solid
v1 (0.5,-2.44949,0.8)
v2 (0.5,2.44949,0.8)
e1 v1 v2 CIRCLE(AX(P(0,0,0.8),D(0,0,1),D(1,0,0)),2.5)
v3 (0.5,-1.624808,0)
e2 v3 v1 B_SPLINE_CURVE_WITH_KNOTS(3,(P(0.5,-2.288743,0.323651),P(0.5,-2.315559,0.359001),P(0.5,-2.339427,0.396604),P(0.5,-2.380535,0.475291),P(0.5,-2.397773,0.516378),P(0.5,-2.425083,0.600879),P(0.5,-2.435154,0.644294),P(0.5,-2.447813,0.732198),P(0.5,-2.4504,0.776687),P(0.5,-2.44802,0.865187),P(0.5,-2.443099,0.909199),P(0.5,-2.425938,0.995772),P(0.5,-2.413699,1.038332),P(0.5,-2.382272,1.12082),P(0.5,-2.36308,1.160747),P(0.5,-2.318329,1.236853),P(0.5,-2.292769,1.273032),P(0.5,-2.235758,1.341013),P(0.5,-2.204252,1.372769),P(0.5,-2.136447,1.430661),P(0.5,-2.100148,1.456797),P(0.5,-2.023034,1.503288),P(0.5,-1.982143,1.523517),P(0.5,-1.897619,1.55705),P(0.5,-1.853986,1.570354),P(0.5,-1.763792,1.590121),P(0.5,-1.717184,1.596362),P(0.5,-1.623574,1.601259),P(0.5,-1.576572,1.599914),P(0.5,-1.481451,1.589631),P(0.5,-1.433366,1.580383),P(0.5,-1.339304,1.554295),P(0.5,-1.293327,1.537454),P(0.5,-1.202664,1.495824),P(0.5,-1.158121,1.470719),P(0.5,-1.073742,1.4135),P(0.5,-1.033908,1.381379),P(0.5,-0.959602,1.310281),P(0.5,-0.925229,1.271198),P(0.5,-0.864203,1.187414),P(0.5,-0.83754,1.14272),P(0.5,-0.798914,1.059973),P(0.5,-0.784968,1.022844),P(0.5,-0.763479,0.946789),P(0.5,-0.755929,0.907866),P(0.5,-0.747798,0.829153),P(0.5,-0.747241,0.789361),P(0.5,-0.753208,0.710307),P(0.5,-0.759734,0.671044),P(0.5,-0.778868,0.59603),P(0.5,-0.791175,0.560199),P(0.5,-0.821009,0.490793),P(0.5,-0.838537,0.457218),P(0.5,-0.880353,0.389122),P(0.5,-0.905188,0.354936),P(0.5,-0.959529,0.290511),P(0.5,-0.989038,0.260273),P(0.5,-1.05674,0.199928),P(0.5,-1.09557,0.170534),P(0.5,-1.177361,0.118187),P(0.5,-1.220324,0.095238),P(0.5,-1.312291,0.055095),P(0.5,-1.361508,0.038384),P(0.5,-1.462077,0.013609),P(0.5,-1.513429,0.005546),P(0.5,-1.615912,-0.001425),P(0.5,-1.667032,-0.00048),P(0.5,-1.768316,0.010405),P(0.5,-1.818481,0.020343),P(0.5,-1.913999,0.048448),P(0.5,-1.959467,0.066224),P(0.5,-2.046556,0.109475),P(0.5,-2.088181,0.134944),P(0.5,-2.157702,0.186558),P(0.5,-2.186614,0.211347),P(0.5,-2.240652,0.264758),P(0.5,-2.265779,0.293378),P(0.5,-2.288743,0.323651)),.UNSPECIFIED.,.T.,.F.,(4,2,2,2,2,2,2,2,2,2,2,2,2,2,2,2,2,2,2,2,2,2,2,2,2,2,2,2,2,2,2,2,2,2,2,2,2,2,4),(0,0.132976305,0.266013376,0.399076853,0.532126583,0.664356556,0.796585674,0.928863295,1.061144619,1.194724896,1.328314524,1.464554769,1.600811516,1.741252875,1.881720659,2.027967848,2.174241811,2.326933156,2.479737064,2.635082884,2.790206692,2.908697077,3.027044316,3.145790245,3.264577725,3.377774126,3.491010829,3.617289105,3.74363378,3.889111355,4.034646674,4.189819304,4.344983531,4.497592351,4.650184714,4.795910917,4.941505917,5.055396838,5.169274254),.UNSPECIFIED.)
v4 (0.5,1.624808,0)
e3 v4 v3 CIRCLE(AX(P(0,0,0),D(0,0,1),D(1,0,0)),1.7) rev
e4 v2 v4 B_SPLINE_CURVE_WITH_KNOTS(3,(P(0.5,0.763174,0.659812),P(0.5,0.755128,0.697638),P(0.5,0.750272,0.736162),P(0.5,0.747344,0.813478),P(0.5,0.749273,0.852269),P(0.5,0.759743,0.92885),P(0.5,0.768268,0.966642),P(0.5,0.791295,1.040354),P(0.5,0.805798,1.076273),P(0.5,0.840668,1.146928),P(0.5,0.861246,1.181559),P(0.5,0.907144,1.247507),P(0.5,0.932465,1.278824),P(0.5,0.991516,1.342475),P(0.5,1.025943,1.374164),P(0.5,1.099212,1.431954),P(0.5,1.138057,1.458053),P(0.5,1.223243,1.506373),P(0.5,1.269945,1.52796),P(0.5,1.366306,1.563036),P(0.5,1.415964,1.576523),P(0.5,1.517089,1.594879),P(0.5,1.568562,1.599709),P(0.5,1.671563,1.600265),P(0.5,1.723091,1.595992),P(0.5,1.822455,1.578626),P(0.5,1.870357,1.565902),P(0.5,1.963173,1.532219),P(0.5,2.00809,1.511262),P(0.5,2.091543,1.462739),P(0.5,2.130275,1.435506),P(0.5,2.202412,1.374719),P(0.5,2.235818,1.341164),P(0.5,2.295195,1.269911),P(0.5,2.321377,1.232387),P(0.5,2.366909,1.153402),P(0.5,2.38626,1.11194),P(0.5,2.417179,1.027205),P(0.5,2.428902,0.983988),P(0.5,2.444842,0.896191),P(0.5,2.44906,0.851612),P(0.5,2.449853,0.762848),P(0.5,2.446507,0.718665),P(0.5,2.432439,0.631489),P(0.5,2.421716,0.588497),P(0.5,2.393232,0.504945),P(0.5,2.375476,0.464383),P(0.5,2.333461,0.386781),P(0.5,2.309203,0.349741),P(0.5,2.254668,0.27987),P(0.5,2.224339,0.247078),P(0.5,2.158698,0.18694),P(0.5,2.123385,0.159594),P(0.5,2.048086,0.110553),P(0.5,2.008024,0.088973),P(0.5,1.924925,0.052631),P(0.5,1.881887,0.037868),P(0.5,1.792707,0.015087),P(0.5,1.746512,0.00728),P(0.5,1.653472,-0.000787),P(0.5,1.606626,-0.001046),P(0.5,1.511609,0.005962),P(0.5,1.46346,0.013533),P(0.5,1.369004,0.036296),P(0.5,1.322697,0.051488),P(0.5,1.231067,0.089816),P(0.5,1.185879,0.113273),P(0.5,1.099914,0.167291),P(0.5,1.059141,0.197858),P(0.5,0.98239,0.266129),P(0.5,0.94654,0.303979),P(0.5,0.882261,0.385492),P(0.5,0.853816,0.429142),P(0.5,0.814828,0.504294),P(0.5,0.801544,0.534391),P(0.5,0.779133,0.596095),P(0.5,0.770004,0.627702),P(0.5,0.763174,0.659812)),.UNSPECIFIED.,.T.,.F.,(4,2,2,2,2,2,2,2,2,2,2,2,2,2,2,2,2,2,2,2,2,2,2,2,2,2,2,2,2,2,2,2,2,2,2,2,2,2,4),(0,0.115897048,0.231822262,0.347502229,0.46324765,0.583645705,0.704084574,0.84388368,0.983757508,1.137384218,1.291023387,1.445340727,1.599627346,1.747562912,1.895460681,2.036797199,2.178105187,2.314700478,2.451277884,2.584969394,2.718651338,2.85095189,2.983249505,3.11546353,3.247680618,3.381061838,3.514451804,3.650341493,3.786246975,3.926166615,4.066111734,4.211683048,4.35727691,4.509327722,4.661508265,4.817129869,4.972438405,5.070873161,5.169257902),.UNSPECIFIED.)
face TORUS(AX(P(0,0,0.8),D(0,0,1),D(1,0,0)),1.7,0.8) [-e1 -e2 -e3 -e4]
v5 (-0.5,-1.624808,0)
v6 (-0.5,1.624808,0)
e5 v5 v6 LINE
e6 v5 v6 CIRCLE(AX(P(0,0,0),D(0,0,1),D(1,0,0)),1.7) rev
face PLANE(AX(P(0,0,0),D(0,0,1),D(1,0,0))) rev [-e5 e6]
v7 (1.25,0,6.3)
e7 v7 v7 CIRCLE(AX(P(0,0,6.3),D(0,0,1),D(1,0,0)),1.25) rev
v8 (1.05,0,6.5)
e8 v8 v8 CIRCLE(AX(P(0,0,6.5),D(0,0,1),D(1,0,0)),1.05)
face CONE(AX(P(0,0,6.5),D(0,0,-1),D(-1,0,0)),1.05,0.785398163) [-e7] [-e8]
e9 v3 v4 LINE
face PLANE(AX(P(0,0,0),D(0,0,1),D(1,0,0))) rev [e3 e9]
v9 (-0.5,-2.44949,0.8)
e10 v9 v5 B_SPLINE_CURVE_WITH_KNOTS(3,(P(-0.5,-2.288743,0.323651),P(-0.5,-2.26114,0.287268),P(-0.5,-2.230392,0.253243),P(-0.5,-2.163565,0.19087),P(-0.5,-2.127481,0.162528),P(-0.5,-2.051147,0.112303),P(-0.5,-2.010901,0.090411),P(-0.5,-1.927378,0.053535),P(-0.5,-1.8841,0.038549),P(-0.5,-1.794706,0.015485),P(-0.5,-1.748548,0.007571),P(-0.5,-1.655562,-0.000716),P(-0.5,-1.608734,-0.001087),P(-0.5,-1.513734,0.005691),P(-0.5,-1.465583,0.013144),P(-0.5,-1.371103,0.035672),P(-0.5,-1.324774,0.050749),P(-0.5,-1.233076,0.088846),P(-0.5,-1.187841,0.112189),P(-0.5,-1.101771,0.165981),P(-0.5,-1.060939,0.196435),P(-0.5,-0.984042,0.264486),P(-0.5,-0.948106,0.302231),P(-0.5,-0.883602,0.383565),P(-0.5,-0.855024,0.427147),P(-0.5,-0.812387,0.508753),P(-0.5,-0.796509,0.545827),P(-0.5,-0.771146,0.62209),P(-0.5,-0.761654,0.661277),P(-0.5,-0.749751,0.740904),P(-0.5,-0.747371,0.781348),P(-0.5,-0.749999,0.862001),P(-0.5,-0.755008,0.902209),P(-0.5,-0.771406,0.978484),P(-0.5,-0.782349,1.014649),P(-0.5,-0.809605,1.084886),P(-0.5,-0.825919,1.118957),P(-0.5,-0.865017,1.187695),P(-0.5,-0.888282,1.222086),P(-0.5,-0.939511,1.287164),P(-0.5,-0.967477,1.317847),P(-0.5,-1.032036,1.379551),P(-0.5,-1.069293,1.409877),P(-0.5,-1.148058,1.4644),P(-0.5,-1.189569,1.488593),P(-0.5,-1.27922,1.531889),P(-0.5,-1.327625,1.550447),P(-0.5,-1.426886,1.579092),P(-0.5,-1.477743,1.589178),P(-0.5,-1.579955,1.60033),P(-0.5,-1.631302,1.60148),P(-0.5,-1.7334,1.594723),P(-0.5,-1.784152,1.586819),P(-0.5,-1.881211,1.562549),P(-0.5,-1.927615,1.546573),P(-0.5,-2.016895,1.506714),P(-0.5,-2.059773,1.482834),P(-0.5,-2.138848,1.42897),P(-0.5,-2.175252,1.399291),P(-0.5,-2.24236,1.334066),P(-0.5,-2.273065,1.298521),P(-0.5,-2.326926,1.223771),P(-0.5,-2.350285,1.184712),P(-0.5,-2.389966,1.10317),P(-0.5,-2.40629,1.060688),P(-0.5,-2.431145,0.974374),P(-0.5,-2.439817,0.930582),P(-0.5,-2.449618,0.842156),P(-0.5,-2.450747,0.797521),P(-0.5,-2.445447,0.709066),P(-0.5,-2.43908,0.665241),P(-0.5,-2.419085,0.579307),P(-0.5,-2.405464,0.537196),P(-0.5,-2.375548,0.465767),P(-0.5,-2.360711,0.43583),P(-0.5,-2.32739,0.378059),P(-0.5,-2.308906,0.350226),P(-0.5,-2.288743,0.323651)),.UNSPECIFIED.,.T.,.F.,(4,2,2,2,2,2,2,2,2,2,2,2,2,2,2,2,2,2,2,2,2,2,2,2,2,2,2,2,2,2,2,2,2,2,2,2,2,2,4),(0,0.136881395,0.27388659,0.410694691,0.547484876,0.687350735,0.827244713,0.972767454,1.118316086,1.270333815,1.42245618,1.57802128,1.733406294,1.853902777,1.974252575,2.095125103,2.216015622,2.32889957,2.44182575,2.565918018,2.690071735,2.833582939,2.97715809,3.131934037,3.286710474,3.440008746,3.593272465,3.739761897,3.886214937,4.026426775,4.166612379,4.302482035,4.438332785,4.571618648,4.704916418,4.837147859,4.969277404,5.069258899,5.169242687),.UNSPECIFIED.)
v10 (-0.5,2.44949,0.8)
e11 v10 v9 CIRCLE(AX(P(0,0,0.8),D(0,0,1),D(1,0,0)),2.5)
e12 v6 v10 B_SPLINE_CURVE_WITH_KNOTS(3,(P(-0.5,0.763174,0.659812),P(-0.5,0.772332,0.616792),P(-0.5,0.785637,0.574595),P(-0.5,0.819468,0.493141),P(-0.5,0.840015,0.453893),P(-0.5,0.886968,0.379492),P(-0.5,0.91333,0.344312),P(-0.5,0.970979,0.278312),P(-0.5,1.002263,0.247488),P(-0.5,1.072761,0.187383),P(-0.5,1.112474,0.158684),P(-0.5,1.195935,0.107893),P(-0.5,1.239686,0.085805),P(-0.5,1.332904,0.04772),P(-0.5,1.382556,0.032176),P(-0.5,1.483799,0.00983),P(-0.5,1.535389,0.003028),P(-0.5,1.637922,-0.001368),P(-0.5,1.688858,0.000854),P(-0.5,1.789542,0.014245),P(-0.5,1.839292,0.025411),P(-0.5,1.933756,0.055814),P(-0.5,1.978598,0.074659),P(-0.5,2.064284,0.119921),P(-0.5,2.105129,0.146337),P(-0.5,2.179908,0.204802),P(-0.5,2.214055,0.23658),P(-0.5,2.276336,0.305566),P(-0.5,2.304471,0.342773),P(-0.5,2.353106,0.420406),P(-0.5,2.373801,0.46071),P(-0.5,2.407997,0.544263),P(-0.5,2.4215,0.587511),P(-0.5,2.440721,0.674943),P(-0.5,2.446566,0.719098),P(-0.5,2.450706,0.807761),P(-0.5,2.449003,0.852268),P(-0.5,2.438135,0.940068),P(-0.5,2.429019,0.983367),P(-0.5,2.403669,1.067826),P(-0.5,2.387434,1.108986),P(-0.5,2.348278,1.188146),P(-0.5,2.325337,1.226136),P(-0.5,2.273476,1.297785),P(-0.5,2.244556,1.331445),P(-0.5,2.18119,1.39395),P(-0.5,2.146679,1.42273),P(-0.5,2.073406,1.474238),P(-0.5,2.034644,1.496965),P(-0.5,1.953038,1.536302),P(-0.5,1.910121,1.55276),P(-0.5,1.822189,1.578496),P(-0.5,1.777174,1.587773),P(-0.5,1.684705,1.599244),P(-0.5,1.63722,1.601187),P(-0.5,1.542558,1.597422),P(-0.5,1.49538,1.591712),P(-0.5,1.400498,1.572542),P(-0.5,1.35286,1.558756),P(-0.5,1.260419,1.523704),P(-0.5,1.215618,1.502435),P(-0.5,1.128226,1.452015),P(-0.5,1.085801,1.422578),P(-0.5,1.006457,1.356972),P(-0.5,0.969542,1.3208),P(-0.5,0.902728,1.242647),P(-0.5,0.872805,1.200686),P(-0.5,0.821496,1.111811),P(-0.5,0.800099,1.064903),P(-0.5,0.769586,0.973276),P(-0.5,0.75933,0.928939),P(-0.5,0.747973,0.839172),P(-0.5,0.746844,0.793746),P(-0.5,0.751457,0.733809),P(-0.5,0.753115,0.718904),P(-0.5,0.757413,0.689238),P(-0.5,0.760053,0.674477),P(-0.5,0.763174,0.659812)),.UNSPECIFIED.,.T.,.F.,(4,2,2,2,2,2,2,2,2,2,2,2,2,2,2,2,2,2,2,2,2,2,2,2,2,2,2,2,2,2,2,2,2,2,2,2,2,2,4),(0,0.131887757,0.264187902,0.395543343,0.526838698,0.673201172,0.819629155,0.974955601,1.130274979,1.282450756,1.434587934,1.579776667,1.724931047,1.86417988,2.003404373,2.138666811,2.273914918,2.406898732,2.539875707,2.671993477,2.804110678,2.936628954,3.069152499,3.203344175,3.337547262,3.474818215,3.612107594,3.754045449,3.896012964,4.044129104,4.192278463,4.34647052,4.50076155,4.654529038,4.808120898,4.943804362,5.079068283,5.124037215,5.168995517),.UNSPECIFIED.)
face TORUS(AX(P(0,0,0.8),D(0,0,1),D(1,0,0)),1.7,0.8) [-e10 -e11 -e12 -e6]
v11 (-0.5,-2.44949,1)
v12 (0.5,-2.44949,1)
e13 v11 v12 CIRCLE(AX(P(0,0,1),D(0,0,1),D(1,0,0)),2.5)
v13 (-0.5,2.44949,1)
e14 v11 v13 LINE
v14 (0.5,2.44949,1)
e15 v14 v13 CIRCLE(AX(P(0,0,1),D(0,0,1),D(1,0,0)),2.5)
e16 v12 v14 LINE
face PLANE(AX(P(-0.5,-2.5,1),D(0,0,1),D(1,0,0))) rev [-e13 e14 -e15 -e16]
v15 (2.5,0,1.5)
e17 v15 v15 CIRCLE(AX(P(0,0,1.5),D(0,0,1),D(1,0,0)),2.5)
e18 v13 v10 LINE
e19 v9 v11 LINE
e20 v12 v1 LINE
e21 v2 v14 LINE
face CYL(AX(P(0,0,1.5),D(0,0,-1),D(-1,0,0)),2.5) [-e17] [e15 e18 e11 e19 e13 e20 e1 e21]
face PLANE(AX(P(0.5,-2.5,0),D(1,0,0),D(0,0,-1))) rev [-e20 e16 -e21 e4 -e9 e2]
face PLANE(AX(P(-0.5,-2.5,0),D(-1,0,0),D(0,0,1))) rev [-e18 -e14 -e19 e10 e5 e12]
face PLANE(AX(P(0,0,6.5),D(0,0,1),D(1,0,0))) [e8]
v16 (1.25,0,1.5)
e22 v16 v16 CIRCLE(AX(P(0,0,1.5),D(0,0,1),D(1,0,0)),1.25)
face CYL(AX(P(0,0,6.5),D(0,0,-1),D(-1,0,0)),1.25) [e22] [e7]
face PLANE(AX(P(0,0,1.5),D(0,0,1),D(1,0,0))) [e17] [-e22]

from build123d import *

# Parameters (mm, degrees)
ESQUISSE1_R                  = 2.5
BASE_EXTRUSION_DEPTH         = 1.5
CONG_1_R                     = 0.8
ESQUISSE2_R                  = 1.25
BOSS_EXTRU_1_DEPTH           = 5
CHANFREIN1_SIZE              = 0.2
ESQUISSE3_W                  = 1
ESQUISSE3_H                  = 1
ENL_V_MAT_EXTRU_1_DEPTH      = 3.5
ENL_V_MAT_EXTRU_1_DEPTH_BACK = 3.5


with BuildPart() as part:
    # Esquisse1 → Base-Extrusion (new body)
    with BuildSketch(Plane.XY):
        Circle(ESQUISSE1_R)
    extrude(amount=BASE_EXTRUSION_DEPTH)

    # Cong_1
    cong_1_edges = [part.edges().sort_by_distance(p)[0] for p in [
        (-2.5, 0, 0),
    ]]
    fillet(cong_1_edges, radius=CONG_1_R)

    # Esquisse2 → Boss.-Extru.1 (add)
    with BuildSketch(Plane.XY.offset(1.5)):
        Circle(ESQUISSE2_R)
    extrude(amount=BOSS_EXTRU_1_DEPTH)

    # Chanfrein1
    chanfrein1_edges = [part.edges().sort_by_distance(p)[0] for p in [
        (-1.25, 0, 6.5),
    ]]
    chamfer(chanfrein1_edges, length=CHANFREIN1_SIZE)

    # Esquisse3 → Enl_v. mat.-Extru.1 (cut, two sides)
    with BuildSketch(Plane(origin=(0, 0, 0), x_dir=(1, 0, 0), z_dir=(0, 1, 0))) as enl_v_mat_extru_1_sk:
        with Locations((0, -0.5)):
            Rectangle(ESQUISSE3_W, ESQUISSE3_H)
    extrude(amount=ENL_V_MAT_EXTRU_1_DEPTH, mode=Mode.SUBTRACT)
    extrude(enl_v_mat_extru_1_sk.sketch, amount=-ENL_V_MAT_EXTRU_1_DEPTH_BACK, mode=Mode.SUBTRACT)


solid = part.part
